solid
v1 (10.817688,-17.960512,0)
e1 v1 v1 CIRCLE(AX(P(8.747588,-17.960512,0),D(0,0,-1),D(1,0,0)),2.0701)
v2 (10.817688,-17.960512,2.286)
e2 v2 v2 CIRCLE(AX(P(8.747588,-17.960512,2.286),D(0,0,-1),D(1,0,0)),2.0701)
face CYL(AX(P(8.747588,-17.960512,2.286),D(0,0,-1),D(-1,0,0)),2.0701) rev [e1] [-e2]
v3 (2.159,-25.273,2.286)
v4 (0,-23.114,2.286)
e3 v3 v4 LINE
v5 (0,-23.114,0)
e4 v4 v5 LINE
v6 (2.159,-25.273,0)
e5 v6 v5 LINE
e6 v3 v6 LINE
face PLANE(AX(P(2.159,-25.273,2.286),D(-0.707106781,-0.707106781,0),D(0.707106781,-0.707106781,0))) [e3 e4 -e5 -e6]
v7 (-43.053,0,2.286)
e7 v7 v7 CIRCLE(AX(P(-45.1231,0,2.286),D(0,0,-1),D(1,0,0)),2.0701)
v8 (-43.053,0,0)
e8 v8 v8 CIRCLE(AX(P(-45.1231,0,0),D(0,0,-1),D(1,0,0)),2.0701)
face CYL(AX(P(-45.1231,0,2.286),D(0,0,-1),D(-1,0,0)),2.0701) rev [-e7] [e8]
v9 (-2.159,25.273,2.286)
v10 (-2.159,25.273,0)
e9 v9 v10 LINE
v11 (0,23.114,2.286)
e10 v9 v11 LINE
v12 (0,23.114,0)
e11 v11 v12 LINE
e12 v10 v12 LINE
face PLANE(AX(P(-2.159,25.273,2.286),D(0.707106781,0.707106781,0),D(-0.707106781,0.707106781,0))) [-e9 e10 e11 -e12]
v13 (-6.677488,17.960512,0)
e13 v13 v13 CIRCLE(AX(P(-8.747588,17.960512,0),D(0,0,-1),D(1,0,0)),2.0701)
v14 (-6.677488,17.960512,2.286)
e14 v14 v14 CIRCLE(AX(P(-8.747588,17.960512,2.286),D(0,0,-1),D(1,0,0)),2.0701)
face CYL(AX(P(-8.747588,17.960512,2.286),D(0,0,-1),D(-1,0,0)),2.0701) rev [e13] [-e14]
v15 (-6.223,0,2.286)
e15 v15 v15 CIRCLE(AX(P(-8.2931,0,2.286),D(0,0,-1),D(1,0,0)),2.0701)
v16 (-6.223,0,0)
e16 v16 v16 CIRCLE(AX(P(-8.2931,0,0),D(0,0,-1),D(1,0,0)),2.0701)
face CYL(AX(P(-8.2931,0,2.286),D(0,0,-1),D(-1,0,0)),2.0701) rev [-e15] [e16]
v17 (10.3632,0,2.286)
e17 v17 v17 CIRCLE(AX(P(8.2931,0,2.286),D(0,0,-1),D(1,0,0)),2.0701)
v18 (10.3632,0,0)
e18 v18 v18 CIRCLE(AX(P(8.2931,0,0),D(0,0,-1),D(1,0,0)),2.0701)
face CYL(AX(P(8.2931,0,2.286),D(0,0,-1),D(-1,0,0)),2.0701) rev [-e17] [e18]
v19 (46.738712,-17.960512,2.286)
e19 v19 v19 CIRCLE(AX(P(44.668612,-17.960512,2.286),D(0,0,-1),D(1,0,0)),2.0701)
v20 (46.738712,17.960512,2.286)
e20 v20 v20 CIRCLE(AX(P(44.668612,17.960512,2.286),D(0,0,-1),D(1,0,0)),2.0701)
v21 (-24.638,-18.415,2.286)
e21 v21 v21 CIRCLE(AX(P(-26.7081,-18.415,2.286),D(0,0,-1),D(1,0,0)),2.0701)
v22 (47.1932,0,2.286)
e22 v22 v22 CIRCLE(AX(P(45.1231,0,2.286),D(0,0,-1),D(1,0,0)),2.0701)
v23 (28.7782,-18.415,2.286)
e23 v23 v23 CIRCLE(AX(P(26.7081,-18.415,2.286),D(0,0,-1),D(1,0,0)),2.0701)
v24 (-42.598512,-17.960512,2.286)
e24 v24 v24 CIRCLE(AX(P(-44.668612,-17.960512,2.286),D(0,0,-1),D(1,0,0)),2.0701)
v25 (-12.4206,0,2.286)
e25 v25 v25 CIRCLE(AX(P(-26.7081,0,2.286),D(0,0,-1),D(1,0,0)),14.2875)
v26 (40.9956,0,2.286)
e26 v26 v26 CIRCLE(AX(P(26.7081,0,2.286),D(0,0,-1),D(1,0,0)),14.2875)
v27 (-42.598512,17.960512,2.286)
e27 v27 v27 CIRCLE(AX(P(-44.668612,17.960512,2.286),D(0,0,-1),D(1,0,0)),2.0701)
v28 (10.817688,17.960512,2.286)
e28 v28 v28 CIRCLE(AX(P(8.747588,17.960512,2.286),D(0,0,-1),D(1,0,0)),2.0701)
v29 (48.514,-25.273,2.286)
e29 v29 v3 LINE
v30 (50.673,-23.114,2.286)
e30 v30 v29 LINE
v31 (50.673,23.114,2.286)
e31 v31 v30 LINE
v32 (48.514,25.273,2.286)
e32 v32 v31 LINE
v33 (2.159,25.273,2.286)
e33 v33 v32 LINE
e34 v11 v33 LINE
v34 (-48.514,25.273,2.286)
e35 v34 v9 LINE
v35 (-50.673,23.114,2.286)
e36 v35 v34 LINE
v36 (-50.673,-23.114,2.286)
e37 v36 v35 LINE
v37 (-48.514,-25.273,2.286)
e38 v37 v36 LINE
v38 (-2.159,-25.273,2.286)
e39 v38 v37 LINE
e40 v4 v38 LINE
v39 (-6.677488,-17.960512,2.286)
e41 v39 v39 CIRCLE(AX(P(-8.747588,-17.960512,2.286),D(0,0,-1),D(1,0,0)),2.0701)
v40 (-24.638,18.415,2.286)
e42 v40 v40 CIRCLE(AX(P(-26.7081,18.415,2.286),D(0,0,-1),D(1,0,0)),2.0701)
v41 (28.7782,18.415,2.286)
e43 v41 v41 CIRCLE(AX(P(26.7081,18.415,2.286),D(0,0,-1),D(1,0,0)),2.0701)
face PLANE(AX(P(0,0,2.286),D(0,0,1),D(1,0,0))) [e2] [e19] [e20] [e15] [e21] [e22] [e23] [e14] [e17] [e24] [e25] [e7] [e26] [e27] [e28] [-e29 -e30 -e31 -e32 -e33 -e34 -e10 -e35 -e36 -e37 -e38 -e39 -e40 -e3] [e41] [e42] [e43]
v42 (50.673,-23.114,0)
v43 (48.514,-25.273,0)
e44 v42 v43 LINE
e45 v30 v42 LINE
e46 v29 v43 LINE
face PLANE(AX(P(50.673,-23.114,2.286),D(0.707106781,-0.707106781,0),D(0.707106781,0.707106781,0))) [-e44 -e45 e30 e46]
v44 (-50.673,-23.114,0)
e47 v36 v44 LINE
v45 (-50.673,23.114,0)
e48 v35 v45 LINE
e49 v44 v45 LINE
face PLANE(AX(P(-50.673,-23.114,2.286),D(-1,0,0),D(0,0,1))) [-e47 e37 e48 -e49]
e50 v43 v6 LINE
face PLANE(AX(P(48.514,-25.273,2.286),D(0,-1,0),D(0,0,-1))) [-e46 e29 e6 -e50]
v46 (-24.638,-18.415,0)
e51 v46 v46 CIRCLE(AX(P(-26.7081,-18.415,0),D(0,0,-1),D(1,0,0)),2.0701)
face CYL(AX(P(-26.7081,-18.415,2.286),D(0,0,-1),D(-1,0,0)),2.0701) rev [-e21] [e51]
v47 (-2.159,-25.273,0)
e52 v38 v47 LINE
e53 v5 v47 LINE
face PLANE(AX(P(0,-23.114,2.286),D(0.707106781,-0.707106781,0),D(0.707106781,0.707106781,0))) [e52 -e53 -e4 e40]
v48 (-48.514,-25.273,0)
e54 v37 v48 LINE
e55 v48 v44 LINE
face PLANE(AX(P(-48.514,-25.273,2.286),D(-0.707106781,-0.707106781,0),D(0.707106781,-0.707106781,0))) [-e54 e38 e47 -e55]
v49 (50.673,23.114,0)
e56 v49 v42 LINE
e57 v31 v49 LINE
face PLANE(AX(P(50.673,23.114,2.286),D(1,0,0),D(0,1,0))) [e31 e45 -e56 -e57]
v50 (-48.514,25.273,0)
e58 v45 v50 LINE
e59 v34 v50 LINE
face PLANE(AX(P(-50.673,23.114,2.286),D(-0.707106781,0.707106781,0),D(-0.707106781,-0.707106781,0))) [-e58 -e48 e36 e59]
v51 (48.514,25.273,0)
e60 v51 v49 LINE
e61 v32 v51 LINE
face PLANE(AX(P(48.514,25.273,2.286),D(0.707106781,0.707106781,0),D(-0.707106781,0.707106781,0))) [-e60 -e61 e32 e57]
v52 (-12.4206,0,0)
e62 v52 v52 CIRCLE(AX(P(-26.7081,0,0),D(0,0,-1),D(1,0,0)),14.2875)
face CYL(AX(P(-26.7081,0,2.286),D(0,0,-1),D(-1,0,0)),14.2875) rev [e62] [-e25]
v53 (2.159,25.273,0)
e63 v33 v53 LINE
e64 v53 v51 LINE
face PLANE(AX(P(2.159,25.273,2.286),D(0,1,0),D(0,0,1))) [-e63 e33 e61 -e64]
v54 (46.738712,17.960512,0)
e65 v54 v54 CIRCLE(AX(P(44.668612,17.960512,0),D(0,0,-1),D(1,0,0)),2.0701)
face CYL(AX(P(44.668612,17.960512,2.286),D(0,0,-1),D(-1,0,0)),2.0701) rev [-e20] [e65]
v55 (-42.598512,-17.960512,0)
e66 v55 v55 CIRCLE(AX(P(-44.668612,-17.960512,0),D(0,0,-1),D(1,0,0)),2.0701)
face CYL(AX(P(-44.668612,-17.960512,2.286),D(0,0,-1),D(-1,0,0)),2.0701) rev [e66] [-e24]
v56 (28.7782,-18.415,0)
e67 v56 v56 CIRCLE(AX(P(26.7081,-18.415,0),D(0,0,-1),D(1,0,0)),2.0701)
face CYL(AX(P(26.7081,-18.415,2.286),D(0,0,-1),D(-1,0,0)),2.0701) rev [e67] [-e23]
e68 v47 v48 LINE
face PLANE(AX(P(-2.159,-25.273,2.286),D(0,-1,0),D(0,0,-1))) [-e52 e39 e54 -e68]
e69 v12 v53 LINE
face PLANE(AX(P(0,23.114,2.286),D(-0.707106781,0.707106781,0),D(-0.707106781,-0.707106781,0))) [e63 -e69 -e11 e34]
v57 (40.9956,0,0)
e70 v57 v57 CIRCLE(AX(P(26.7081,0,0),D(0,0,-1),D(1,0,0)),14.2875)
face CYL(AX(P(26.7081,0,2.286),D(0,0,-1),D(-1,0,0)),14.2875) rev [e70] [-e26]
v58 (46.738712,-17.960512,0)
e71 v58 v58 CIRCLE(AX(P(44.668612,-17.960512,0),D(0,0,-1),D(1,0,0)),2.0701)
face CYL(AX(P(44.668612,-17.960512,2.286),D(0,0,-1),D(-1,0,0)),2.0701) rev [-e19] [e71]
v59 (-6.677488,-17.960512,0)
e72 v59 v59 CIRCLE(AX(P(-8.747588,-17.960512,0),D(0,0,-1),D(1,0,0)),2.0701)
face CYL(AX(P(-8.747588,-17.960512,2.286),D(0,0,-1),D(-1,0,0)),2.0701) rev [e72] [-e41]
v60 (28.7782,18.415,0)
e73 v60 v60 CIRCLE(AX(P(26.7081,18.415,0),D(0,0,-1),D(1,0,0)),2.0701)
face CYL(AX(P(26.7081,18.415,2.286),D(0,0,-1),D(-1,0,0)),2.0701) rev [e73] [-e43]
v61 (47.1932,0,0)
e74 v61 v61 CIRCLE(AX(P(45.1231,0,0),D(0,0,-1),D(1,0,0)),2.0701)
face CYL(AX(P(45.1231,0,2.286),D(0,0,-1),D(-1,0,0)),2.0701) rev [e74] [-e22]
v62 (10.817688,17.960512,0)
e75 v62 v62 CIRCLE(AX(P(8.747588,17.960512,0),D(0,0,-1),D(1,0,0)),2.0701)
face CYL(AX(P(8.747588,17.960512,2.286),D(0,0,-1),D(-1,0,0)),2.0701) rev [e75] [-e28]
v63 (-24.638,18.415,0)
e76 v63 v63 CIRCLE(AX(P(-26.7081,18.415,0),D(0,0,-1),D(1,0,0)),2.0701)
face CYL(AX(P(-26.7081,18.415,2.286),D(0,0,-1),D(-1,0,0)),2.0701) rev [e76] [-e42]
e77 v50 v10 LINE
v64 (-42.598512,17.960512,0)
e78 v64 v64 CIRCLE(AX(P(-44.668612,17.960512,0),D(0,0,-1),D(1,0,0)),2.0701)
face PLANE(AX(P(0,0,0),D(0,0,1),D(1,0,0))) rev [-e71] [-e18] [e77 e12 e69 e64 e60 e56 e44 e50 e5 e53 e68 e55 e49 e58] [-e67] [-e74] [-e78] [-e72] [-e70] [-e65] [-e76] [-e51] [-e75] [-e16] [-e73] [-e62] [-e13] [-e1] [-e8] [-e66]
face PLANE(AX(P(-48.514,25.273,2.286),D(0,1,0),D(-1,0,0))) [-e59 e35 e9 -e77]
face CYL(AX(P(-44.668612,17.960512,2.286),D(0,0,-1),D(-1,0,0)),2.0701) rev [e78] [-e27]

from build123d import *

# Parameters (mm, degrees)
SKETCH1_R           = 2.0701
SKETCH1_R_2         = 14.2875
BOSS_EXTRUDE1_DEPTH = 2.286


with BuildPart() as part:
    # Sketch1 → Boss-Extrude1 (new body)
    with BuildSketch(Plane(origin=(0, 0, 0), x_dir=(-1, 0, 0), z_dir=(0, 0, -1))):
        Polygon((0, -23.114), (2.159, -25.273), (48.514, -25.273), (50.673, -23.114), (50.673, 23.114), (48.514, 25.273), (2.159, 25.273), (0, 23.114), (-2.159, 25.273), (-48.514, 25.273), (-50.673, 23.114), (-50.673, -23.114), (-48.514, -25.273), (-2.159, -25.273), align=None)
        with Locations((26.7081, -18.415)):
            Circle(SKETCH1_R, mode=Mode.SUBTRACT)
        with Locations((-45.1231, 0)):
            Circle(SKETCH1_R, mode=Mode.SUBTRACT)
        with Locations((26.7081, 18.415)):
            Circle(SKETCH1_R, mode=Mode.SUBTRACT)
        with Locations((-26.7081, 18.415)):
            Circle(SKETCH1_R, mode=Mode.SUBTRACT)
        with Locations((8.747587758, 17.960512242)):
            Circle(SKETCH1_R, mode=Mode.SUBTRACT)
        with Locations((44.668612242, 17.960512242)):
            Circle(SKETCH1_R, mode=Mode.SUBTRACT)
        with Locations((26.7081, 0)):
            Circle(SKETCH1_R_2, mode=Mode.SUBTRACT)
        with Locations((-44.668612242, -17.960512242)):
            Circle(SKETCH1_R, mode=Mode.SUBTRACT)
        with Locations((-8.747587758, 17.960512242)):
            Circle(SKETCH1_R, mode=Mode.SUBTRACT)
        with Locations((-26.7081, 0)):
            Circle(SKETCH1_R_2, mode=Mode.SUBTRACT)
        with Locations((-8.747587758, -17.960512242)):
            Circle(SKETCH1_R, mode=Mode.SUBTRACT)
        with Locations((-44.668612242, 17.960512242)):
            Circle(SKETCH1_R, mode=Mode.SUBTRACT)
        with Locations((44.668612242, -17.960512242)):
            Circle(SKETCH1_R, mode=Mode.SUBTRACT)
        with Locations((8.747587758, -17.960512242)):
            Circle(SKETCH1_R, mode=Mode.SUBTRACT)
        with Locations((-8.2931, 0)):
            Circle(SKETCH1_R, mode=Mode.SUBTRACT)
        with Locations((45.1231, 0)):
            Circle(SKETCH1_R, mode=Mode.SUBTRACT)
        with Locations((8.2931, 0)):
            Circle(SKETCH1_R, mode=Mode.SUBTRACT)
        with Locations((-26.7081, -18.415)):
            Circle(SKETCH1_R, mode=Mode.SUBTRACT)
    extrude(amount=-BOSS_EXTRUDE1_DEPTH)


solid = part.part
